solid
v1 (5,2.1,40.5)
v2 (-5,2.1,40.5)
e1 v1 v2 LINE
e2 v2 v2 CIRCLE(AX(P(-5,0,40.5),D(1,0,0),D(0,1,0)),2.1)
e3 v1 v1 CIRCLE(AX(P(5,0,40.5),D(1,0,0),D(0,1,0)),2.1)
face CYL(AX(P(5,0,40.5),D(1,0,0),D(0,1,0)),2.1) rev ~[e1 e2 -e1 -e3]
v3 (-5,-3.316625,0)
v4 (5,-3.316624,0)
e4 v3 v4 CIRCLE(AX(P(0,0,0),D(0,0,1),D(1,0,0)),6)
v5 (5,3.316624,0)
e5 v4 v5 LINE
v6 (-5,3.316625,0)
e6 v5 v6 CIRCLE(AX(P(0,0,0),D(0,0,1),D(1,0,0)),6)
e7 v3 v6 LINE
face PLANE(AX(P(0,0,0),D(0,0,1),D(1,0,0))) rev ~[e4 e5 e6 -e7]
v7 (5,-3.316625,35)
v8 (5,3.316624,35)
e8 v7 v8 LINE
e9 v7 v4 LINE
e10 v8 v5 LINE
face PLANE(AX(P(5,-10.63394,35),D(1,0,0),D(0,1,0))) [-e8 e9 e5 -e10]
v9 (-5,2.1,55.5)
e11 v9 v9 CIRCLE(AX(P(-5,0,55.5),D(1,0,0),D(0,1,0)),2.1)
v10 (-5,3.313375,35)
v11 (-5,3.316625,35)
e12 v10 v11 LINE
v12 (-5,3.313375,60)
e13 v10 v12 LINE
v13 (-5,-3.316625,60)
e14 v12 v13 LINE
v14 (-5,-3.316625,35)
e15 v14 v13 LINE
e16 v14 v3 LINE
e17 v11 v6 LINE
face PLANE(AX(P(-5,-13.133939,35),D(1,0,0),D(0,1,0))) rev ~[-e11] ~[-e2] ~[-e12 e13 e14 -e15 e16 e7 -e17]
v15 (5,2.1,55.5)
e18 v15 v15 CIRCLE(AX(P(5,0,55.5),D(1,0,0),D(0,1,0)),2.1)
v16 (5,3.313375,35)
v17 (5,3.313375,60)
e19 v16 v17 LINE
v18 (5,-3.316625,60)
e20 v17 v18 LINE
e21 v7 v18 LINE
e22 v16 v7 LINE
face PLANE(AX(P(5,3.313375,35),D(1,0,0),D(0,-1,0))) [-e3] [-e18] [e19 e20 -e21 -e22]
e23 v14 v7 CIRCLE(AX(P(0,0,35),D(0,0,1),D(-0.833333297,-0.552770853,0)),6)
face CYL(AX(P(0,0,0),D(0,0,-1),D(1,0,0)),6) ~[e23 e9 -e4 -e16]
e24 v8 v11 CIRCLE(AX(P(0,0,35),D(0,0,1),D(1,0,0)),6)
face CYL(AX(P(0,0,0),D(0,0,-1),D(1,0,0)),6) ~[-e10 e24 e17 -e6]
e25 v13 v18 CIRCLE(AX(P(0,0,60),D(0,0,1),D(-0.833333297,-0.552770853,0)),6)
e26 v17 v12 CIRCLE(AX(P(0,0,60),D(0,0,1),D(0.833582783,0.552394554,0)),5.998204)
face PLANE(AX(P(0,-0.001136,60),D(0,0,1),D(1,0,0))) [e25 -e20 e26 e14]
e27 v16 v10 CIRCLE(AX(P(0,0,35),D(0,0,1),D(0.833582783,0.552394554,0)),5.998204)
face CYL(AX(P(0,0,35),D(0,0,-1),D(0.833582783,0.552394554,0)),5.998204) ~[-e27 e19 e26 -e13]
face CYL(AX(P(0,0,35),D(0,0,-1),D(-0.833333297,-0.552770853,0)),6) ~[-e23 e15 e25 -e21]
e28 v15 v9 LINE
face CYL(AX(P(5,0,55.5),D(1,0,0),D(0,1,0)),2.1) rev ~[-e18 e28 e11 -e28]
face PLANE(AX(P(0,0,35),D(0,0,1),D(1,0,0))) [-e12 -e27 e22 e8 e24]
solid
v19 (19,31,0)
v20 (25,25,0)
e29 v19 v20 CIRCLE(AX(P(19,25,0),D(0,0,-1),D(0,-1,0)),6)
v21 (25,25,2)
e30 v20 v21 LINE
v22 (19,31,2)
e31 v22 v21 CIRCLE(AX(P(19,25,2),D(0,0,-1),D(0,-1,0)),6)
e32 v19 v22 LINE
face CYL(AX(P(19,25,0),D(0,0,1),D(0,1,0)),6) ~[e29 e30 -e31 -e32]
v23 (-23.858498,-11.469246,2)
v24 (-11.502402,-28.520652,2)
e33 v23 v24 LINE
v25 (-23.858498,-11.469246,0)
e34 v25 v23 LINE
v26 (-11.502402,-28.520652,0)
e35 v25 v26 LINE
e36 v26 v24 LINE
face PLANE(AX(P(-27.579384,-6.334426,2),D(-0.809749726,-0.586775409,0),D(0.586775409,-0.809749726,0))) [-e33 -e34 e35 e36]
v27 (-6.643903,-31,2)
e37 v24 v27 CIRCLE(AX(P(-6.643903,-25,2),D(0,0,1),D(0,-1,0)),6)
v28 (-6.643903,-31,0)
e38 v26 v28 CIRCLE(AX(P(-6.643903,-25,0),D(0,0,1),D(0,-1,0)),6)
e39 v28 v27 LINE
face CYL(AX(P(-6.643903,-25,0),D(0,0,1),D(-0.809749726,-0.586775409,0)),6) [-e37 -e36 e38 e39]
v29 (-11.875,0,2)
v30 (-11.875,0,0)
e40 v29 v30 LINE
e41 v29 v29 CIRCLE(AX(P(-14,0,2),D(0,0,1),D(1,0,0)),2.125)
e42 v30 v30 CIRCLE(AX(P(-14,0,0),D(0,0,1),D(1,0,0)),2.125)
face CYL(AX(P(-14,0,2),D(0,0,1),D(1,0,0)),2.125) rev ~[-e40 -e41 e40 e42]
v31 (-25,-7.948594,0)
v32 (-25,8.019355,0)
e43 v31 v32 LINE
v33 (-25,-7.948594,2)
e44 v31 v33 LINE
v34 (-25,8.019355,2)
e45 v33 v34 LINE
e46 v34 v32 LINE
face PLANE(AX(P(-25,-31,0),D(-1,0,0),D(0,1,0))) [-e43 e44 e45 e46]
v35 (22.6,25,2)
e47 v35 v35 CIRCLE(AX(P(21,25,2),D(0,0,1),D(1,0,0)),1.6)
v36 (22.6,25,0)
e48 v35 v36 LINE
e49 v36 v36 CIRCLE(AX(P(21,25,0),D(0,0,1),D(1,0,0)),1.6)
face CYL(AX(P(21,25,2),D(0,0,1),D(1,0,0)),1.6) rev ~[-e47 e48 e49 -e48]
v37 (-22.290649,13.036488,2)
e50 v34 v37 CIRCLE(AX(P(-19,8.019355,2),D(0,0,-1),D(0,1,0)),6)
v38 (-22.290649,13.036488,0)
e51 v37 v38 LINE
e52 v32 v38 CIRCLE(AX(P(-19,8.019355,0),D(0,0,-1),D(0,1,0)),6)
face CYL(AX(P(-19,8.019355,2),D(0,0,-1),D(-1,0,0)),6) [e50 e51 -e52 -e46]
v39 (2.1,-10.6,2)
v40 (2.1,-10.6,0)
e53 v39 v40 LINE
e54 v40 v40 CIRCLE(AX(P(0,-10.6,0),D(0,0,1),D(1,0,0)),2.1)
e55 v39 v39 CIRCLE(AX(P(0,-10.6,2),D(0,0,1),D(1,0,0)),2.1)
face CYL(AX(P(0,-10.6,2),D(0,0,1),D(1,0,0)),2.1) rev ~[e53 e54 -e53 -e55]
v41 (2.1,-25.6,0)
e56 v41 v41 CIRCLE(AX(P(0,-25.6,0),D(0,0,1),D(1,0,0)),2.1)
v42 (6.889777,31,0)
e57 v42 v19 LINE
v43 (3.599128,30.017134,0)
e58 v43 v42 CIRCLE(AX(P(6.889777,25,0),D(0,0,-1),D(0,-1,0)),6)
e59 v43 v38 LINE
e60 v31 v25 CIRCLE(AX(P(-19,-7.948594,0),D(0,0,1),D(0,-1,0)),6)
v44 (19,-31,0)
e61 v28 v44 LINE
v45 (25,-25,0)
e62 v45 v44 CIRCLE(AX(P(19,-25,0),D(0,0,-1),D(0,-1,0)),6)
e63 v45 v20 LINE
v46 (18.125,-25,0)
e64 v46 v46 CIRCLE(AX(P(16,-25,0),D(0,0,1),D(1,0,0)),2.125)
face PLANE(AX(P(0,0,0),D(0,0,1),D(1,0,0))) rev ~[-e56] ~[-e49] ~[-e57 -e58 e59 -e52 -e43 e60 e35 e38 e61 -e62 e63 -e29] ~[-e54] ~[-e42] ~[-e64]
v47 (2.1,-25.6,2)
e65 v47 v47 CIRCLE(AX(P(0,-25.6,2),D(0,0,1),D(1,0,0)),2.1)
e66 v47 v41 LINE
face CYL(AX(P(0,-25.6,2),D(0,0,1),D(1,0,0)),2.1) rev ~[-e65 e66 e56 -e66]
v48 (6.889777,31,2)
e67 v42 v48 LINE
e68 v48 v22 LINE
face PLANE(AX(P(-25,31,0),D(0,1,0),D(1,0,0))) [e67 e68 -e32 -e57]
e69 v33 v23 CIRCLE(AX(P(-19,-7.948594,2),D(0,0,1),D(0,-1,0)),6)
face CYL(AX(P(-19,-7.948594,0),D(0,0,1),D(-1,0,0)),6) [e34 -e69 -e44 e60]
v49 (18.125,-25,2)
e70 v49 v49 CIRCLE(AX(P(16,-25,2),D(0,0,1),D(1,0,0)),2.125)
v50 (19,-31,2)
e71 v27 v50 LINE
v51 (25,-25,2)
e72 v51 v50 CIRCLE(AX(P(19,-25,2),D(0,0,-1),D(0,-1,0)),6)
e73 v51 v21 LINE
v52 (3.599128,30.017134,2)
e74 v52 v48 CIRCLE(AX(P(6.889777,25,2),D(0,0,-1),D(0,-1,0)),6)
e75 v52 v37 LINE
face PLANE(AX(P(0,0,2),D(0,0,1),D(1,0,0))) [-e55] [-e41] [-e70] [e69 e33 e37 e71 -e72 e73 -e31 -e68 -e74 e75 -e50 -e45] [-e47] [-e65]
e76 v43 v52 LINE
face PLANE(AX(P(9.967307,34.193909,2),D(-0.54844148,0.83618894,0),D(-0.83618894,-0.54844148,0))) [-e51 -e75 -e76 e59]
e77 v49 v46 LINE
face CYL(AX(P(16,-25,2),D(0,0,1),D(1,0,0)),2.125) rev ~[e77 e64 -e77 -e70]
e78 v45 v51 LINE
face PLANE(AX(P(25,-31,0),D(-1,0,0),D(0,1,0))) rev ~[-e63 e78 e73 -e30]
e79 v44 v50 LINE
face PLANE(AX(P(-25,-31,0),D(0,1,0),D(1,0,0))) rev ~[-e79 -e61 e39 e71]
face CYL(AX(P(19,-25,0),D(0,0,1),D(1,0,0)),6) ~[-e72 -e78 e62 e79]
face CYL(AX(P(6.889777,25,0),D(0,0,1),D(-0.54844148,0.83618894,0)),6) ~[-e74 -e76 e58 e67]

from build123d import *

# Parameters (mm, degrees)
SKETCH_W        = 50
SKETCH_H        = 62
PAD_DEPTH       = 2
SKETCH001_R     = 2.125
SKETCH001_R_2   = 1.6
POCKET_DEPTH    = 2.001
SKETCH005_R     = 2.1
POCKET002_DEPTH = 2.001
POCKET003_DEPTH = 2.001
FILLET_R        = 6
SKETCH002_R     = 6
PAD001_DEPTH    = 35
PAD002_DEPTH    = 25
SKETCH004_R     = 2.1
POCKET001_DEPTH = 11.001
SKETCH007_W     = 5.144716
SKETCH007_H     = 23.774506
SKETCH007_W_2   = 6.816065
SKETCH007_H_2   = 22.941175
POCKET004_DEPTH = 35.001


with BuildPart() as basemountfixbody:
    # Sketch (on XY_Plane001 of Origin002) → Pad (new body)
    with BuildSketch(Plane.XY):
        Rectangle(SKETCH_W, SKETCH_H)
    extrude(amount=PAD_DEPTH)

    # Sketch001 (on Face6 of Pad) → Pocket (cut, through all)
    with BuildSketch(Plane.XY.offset(2)):
        with Locations((16, -25)):
            Circle(SKETCH001_R)
        with Locations((-14, 0)):
            Circle(SKETCH001_R)
        with Locations((21, 25)):
            Circle(SKETCH001_R_2)
    extrude(amount=-POCKET_DEPTH, mode=Mode.SUBTRACT)

    # Sketch005 (on Face5 of Pocket) → Pocket002 (cut, through all)
    with BuildSketch(Plane.XY.offset(2)):
        with Locations((0, -10.6)):
            Circle(SKETCH005_R)
        with Locations((0, -25.6)):
            Circle(SKETCH005_R)
    extrude(amount=-POCKET002_DEPTH, mode=Mode.SUBTRACT)

    # Sketch006 (on Face5 of Pocket002) → Pocket003 (cut, through all)
    with BuildSketch(Plane.XY.offset(2)):
        Polygon((9.967307, 34.193909), (-27.579384, 9.567701), (-27.579384, -6.334426), (-5.49309, -36.813499), (-39.616409, -35.377892), (-36.745193, 45.789211), align=None)
    extrude(amount=-POCKET003_DEPTH, mode=Mode.SUBTRACT)

    # Fillet
    fillet_edges = [basemountfixbody.edges().sort_by_distance(p)[0] for p in [
        (-9.705772, -31, 1),
        (-25, -9.893974, 1),
        (-25, 11.259473, 1),
        (5.097669, 31, 1),
        (25, 31, 1),
        (25, -31, 1),
    ]]
    fillet(fillet_edges, radius=FILLET_R)


with BuildPart() as basemountswivelbody:
    # Sketch002 (on XY_Plane003 of Origin006) → Pad001 (new body)
    with BuildSketch(Plane.XY):
        Circle(SKETCH002_R)
    extrude(amount=PAD001_DEPTH)

    # Sketch003 (on Face3 of Pad001) → Pad002 (join)
    with BuildSketch(Plane.XY.offset(35)):
        with BuildLine():
            ThreePointArc((-5, -3.316625), (0, -6), (5, -3.316625))
            Line((5, 3.313375), (5, -3.316625))
            ThreePointArc((5, 3.313375), (0, 5.998204), (-5, 3.313375))
            Line((-5, 3.313375), (-5, -3.316625))
        make_face()
    extrude(amount=PAD002_DEPTH)

    # Sketch004 (on Face2 of Pad002) → Pocket001 (cut, through all)
    with BuildSketch(Plane.YZ.offset(5)):
        with Locations((0, 55.5)):
            Circle(SKETCH004_R)
        with Locations((0, 40.5)):
            Circle(SKETCH004_R)
    extrude(amount=-POCKET001_DEPTH, mode=Mode.SUBTRACT)

    # Sketch007 (on Face1 of Pocket001) → Pocket004 (cut, through all)
    with BuildSketch(Plane.XY.offset(35)):
        with Locations((-7.572358, -1.246686)):
            Rectangle(SKETCH007_W, SKETCH007_H)
        with Locations((8.408033, 0.836648)):
            Rectangle(SKETCH007_W_2, SKETCH007_H_2)
    extrude(amount=-POCKET004_DEPTH, mode=Mode.SUBTRACT)


solid = Compound([basemountfixbody.part, basemountswivelbody.part])
